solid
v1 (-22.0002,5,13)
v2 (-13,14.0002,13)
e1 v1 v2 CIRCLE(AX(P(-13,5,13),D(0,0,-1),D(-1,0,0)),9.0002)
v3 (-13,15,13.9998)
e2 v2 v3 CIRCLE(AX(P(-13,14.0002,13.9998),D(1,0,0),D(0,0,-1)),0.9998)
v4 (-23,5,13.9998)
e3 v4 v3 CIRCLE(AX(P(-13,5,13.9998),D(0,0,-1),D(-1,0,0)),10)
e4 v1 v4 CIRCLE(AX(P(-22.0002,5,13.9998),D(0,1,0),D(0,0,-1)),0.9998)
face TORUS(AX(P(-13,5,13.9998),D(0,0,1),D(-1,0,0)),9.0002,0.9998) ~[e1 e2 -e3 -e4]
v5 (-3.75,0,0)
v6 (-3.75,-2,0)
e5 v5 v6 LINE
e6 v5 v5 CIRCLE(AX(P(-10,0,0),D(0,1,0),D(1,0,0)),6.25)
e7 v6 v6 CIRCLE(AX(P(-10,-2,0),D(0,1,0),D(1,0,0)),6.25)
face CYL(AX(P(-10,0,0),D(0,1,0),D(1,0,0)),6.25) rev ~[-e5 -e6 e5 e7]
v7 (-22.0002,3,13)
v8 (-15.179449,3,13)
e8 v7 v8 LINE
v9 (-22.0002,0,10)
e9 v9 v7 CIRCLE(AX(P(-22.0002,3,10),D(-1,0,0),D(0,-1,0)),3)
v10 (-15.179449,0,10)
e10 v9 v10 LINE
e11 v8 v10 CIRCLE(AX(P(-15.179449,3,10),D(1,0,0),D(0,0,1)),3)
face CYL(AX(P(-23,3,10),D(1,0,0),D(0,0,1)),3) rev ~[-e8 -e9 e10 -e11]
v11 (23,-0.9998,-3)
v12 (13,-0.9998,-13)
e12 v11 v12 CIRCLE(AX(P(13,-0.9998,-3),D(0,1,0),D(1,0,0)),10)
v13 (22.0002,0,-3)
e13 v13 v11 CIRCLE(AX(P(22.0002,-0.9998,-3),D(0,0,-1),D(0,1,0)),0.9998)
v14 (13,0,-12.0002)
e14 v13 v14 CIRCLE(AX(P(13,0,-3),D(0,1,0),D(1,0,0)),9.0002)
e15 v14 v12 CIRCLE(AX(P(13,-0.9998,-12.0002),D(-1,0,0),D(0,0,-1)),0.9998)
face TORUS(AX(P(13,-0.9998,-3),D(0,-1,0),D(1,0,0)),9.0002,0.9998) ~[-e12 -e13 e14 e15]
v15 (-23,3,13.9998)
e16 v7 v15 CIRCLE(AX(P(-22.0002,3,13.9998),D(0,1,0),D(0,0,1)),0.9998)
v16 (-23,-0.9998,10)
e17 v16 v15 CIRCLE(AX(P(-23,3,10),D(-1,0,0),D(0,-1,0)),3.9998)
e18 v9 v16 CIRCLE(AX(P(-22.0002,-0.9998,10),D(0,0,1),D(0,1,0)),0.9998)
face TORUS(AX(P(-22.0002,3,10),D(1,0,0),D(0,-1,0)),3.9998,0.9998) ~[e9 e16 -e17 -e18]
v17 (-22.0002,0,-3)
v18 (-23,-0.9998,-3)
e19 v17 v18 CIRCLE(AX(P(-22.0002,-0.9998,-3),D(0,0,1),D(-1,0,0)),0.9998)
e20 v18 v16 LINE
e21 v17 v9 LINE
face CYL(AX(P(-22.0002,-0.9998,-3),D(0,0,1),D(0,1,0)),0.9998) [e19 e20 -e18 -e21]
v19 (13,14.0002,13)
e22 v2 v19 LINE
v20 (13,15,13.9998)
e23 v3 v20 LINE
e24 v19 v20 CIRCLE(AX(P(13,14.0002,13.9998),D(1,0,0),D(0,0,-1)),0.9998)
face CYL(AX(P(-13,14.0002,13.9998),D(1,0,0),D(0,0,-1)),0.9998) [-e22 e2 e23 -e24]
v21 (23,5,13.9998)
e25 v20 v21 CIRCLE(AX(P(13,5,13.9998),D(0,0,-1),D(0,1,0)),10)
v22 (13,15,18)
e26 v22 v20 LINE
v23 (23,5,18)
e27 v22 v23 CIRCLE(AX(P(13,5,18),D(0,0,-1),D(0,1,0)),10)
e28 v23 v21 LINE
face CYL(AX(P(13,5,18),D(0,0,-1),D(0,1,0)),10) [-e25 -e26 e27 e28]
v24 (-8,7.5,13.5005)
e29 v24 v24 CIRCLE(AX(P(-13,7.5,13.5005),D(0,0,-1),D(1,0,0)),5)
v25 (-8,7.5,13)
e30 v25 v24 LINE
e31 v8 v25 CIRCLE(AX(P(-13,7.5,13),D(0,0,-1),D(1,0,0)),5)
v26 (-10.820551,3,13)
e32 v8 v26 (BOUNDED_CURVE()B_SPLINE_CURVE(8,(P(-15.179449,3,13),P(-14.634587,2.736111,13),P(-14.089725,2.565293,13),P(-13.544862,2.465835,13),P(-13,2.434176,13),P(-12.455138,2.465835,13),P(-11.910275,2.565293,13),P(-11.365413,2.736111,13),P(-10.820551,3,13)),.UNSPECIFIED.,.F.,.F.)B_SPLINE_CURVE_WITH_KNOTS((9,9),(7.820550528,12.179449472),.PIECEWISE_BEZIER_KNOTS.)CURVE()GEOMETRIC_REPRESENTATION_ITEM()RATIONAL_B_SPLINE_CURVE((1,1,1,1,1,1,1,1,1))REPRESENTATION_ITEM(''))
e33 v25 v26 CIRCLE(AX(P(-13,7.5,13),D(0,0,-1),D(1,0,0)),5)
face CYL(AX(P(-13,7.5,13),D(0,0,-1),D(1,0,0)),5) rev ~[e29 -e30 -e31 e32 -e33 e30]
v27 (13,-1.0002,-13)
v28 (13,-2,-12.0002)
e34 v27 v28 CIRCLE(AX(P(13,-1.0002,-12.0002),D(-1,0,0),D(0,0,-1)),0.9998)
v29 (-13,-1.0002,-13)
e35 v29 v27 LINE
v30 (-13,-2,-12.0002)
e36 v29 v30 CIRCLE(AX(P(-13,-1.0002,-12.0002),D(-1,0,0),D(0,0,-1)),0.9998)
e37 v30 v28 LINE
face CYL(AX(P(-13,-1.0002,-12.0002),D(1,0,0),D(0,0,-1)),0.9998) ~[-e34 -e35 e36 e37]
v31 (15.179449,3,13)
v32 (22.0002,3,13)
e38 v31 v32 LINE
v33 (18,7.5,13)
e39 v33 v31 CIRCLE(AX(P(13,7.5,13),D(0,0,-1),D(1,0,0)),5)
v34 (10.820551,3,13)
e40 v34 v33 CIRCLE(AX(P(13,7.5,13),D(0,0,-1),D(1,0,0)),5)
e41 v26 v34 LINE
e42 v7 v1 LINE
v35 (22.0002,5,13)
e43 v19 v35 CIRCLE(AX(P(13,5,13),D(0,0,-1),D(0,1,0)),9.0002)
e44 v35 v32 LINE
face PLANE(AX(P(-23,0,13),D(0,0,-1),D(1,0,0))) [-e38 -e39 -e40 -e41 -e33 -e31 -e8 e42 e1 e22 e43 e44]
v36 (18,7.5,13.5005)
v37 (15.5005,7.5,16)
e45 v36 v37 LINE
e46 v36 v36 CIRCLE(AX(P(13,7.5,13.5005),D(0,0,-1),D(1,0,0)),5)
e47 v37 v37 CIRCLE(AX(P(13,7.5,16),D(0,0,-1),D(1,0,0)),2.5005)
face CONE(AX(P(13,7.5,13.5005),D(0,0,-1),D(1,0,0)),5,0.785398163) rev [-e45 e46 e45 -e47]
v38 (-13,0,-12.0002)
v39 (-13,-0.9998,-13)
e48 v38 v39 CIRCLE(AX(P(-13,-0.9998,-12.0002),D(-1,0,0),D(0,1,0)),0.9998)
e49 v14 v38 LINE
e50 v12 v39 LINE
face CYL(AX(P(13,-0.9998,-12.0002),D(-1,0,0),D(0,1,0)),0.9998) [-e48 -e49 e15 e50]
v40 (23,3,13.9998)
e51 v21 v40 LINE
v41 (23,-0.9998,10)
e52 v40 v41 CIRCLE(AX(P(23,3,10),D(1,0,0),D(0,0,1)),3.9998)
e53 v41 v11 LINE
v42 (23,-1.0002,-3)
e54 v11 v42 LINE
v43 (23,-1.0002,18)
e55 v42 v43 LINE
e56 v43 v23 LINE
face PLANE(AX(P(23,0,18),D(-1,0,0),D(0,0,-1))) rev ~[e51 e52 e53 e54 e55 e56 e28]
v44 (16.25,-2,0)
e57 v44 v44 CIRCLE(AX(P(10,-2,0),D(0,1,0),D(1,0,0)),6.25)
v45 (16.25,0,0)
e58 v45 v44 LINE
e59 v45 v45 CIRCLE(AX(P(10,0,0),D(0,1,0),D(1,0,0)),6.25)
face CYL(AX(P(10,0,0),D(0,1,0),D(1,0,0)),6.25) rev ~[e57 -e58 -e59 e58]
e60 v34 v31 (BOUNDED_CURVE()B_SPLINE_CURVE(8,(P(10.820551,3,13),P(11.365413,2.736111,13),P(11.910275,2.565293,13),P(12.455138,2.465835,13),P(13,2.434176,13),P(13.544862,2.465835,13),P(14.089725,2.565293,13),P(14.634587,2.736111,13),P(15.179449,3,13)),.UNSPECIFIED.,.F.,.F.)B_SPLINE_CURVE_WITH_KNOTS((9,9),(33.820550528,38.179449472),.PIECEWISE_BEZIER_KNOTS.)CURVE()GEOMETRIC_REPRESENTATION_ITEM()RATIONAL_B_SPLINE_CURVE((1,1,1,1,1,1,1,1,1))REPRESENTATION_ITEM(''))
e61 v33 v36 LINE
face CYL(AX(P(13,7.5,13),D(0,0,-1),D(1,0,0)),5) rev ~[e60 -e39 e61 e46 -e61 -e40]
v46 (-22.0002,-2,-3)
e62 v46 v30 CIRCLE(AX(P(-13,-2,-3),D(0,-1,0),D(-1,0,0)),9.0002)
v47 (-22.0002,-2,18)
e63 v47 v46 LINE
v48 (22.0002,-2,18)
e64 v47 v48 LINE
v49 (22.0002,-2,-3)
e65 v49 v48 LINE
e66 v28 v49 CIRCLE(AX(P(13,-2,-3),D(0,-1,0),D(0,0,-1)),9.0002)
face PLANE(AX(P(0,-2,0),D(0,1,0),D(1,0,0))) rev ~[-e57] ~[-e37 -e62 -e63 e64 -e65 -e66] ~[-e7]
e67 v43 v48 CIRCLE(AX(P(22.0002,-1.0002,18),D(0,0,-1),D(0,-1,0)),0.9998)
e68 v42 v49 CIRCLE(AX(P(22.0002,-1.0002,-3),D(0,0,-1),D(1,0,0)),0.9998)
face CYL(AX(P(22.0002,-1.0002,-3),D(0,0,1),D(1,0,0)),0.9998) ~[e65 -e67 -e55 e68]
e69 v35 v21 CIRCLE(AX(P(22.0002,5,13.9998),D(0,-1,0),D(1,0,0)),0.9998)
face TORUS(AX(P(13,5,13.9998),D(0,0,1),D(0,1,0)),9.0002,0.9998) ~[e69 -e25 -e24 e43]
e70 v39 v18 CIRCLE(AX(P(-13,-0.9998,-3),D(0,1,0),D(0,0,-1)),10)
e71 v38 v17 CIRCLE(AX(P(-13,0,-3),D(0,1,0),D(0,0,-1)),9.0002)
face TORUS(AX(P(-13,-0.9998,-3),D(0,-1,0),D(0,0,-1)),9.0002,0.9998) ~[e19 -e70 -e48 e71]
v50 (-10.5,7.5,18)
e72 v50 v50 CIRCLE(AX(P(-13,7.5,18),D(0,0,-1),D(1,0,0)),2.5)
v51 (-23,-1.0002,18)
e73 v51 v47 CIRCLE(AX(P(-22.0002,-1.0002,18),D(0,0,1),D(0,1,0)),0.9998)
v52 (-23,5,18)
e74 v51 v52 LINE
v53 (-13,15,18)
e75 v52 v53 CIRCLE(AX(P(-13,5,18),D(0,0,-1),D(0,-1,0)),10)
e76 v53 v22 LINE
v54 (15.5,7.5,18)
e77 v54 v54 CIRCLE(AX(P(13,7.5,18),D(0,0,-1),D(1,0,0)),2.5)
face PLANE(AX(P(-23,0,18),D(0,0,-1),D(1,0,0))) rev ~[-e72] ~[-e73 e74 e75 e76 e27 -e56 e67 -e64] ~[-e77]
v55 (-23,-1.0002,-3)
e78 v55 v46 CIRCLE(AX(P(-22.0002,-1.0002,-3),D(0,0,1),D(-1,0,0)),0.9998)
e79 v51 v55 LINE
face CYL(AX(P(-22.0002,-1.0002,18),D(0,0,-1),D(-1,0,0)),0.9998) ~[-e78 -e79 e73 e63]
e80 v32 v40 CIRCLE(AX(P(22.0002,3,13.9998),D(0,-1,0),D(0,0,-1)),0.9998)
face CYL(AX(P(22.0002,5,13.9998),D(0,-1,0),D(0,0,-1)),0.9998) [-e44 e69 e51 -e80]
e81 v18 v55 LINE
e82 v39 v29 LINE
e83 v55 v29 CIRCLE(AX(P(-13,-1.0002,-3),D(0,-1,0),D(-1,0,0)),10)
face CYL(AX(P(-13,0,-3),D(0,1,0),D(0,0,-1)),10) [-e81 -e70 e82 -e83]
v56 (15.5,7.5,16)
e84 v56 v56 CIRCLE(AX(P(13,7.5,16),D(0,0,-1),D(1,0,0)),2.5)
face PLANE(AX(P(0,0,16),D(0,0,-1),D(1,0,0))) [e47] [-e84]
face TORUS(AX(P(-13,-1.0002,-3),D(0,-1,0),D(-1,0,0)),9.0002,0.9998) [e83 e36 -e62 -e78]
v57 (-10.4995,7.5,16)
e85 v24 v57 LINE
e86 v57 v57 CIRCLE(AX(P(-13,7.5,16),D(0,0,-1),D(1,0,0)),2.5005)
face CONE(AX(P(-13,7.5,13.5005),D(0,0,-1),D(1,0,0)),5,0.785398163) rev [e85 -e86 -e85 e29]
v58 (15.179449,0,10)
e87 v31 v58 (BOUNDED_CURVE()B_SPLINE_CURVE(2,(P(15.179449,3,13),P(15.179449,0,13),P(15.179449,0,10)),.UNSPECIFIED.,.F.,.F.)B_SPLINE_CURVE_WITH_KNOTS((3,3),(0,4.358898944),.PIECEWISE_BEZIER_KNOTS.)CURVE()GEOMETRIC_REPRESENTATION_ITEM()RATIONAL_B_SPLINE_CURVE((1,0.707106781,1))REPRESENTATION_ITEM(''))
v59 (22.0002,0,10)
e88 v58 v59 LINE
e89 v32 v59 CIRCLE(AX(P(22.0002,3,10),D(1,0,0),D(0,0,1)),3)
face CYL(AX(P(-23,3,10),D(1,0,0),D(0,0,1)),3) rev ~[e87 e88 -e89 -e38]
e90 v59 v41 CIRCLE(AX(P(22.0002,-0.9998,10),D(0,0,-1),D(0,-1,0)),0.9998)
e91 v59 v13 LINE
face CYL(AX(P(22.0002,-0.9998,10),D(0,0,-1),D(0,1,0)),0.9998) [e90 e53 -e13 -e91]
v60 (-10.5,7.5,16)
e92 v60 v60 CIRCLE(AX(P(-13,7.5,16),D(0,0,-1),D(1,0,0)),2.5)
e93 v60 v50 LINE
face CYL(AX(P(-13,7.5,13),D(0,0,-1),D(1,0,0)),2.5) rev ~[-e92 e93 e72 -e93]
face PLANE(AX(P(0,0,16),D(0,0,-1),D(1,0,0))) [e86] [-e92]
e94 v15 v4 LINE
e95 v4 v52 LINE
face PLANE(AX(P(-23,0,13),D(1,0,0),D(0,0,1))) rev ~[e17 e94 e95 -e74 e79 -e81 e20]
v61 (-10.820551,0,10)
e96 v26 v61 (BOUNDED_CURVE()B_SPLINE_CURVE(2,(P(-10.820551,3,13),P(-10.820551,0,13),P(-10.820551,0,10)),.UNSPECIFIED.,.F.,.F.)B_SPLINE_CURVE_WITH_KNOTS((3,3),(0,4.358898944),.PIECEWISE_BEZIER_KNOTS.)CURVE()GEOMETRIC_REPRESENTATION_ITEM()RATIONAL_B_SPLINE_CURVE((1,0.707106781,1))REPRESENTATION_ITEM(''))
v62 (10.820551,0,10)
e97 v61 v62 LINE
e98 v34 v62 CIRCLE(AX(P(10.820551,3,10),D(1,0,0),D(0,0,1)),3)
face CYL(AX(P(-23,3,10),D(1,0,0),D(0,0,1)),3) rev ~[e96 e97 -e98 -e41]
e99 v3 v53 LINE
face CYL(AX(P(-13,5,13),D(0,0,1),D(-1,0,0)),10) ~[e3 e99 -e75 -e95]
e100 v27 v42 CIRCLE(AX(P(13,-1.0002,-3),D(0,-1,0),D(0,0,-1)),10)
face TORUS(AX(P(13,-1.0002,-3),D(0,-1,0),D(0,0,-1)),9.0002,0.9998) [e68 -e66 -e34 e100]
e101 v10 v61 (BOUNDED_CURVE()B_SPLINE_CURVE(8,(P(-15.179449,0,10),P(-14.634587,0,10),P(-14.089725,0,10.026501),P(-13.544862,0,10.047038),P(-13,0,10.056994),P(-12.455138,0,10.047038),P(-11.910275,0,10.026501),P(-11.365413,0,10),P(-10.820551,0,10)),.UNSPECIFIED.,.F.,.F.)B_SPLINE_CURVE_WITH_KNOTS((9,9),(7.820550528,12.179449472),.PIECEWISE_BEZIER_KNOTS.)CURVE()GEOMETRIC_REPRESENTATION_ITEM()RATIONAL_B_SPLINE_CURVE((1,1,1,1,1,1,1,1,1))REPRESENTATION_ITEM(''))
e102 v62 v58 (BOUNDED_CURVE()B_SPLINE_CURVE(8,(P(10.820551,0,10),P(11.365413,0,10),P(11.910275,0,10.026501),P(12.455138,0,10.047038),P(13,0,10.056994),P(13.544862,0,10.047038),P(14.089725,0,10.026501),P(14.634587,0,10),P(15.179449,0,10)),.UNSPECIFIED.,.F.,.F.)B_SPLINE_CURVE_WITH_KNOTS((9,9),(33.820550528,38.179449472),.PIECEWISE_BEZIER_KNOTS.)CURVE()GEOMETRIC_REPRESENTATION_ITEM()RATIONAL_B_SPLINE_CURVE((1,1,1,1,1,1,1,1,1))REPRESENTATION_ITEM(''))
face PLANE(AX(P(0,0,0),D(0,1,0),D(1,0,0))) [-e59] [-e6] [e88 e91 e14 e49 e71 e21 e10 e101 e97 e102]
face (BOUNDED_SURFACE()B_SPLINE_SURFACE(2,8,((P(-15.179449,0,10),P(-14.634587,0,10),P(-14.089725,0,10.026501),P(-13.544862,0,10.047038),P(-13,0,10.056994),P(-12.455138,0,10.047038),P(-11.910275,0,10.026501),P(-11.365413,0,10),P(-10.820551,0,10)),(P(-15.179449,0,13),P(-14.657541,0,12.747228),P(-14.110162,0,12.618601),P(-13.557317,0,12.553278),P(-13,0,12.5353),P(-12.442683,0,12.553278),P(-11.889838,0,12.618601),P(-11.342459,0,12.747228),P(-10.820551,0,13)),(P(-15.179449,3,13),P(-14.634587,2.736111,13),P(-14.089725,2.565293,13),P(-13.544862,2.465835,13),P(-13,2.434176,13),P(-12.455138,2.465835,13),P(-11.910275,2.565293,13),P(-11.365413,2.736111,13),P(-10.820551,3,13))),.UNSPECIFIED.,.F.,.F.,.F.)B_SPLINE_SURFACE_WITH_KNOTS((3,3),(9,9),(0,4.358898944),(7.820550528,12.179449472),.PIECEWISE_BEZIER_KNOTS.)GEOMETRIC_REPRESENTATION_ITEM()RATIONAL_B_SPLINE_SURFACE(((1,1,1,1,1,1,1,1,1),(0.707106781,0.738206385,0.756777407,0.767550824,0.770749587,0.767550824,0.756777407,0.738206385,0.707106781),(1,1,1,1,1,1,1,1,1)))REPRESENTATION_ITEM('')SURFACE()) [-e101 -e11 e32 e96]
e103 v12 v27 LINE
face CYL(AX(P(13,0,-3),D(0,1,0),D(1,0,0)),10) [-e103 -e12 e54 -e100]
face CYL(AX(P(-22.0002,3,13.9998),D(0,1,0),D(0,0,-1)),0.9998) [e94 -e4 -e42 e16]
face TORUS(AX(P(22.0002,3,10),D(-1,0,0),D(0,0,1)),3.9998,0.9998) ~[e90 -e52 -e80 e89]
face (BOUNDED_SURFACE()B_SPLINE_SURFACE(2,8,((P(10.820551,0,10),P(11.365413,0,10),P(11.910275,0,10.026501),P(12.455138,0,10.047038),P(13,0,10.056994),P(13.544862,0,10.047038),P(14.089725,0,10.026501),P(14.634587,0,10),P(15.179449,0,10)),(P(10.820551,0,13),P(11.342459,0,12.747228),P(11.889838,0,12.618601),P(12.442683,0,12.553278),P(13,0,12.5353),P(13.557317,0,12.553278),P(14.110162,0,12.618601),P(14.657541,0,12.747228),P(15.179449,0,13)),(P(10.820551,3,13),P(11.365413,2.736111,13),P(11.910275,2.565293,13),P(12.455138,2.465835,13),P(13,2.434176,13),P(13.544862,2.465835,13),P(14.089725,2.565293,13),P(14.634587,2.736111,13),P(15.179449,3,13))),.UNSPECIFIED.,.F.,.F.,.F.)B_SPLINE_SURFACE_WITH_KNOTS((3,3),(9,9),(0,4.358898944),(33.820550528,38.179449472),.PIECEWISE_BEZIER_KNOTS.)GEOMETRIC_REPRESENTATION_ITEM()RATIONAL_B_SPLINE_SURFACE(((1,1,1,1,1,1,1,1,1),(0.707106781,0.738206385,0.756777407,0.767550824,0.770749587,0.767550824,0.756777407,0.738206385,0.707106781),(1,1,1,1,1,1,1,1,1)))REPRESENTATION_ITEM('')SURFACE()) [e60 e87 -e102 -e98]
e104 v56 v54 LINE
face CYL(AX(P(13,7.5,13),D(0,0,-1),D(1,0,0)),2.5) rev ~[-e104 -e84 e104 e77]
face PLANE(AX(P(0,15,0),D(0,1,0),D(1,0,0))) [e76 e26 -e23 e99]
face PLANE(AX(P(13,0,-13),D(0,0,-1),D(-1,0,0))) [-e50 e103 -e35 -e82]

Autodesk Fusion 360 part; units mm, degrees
sketch "Sketch1" plane through (0, 0, 0) normal (0, 1, 0) x (1, 0, 0)
  circle A0 centre (-10, 0) radius 6.25
  circle A1 centre (-10, 0) radius 9
  circle A2 centre (10, 0) radius 6.25
  circle A3 centre (10, 0) radius 9
  line L0 (-23, -18) -> (23, -18)
  line L1 (23, -18) -> (23, 3)
  line L2 (13, 13) -> (-13, 13)
  line L3 (-23, 3) -> (-23, -18)
  line L4 (-23, -13) -> (23, -13)
  arc A4 (23, 3) -> (13, 13) centre (13, 3) ccw
  arc A5 (-13, 13) -> (-23, 3) centre (-13, 3) ccw
  dimension "d1" = 12.5
  dimension "d2" = 12.5
  dimension "d3" = 18
  dimension "d4" = 18
  dimension "d5" = 10
  dimension "d6" = 10
  dimension "d7" = 13
  dimension "d9" = 13
  dimension "d10" = 10
  dimension "d11" = 13
  dimension "d12" = 10
  dimension "d13" = 13
  dimension "d14" = 5
extrude "Extrude1" add sketch "Sketch1" against normal blind 2 contours A1 | A3 | L0 L1 L3 L4 | L1 L2 L3 L4 A4 A5
extrude "Extrude2" add sketch "Sketch1" along normal blind 15 contours L0 L1 L3 L4
sketch "Sketch2" plane through (0, 0, 13) normal (0, 0, -1) x (1, 0, 0)
  line L0 (23, 0) -> (-23, 0)
  line L1 (-23, 0) -> (-23, -15)
  line L2 (-23, -15) -> (23, -15)
  line L3 (23, -15) -> (23, 0)
  circle A0 centre (13, -7.5) radius 2.5
  circle A1 centre (-13, -7.5) radius 2.5
  circle A2 centre (-13, -7.5) radius 5
  circle A3 centre (13, -7.5) radius 5
  dimension "d19" = 5
  dimension "d20" = 5
  dimension "d21" = 10
  dimension "d22" = 10
  dimension "d23" = 7.5
  dimension "d24" = 7.5
  dimension "d25" = 10
  dimension "d26" = 10
extrude "Extrude3" cut sketch "Sketch2" against normal up to surface (5 mm away) contours A0 | A1
extrude "Extrude4" cut sketch "Sketch2" against normal up to surface (3 mm away) contours A2 | A3
chamfer "Chamfer1" distance 2.5 angle 45 2 edges at (8.3384, 9.3081, 16) (-17.6616, 9.3081, 16)
fillet "Fillet1" radius 10 2 edges at (23, 15, 15.5) (-23, 15, 15.5)
fillet "Fillet2" radius 3 1 edges at (0, 0, 13)
fillet "Fillet3" radius 1 17 edges at (-23, -2, 7.5) (-20.0711, -2, -10.0711) (0, -2, -13) (20.0711, -2, -10.0711) (23, -2, 7.5) (0, 15, 13) (-20.0711, 12.0711, 13) (-23, 4, 13) (-23, 0.8787, 12.1213) (-23, 0, 3.5) (-20.0711, 0, -10.0711) (0, 0, -13) (20.0711, 0, -10.0711) (23, 0, 3.5) (23, 0.8787, 12.1213) (23, 4, 13) (20.0711, 12.0711, 13)
equation "d1 = d2"
equation "d4 = d3"
equation "d9 = d7"
equation "d11 = d7"
equation "d13 = d7"
equation "d20 = d19"
equation "d22 = d21"
equation "d24 = d23"
equation "d26 = d25"
